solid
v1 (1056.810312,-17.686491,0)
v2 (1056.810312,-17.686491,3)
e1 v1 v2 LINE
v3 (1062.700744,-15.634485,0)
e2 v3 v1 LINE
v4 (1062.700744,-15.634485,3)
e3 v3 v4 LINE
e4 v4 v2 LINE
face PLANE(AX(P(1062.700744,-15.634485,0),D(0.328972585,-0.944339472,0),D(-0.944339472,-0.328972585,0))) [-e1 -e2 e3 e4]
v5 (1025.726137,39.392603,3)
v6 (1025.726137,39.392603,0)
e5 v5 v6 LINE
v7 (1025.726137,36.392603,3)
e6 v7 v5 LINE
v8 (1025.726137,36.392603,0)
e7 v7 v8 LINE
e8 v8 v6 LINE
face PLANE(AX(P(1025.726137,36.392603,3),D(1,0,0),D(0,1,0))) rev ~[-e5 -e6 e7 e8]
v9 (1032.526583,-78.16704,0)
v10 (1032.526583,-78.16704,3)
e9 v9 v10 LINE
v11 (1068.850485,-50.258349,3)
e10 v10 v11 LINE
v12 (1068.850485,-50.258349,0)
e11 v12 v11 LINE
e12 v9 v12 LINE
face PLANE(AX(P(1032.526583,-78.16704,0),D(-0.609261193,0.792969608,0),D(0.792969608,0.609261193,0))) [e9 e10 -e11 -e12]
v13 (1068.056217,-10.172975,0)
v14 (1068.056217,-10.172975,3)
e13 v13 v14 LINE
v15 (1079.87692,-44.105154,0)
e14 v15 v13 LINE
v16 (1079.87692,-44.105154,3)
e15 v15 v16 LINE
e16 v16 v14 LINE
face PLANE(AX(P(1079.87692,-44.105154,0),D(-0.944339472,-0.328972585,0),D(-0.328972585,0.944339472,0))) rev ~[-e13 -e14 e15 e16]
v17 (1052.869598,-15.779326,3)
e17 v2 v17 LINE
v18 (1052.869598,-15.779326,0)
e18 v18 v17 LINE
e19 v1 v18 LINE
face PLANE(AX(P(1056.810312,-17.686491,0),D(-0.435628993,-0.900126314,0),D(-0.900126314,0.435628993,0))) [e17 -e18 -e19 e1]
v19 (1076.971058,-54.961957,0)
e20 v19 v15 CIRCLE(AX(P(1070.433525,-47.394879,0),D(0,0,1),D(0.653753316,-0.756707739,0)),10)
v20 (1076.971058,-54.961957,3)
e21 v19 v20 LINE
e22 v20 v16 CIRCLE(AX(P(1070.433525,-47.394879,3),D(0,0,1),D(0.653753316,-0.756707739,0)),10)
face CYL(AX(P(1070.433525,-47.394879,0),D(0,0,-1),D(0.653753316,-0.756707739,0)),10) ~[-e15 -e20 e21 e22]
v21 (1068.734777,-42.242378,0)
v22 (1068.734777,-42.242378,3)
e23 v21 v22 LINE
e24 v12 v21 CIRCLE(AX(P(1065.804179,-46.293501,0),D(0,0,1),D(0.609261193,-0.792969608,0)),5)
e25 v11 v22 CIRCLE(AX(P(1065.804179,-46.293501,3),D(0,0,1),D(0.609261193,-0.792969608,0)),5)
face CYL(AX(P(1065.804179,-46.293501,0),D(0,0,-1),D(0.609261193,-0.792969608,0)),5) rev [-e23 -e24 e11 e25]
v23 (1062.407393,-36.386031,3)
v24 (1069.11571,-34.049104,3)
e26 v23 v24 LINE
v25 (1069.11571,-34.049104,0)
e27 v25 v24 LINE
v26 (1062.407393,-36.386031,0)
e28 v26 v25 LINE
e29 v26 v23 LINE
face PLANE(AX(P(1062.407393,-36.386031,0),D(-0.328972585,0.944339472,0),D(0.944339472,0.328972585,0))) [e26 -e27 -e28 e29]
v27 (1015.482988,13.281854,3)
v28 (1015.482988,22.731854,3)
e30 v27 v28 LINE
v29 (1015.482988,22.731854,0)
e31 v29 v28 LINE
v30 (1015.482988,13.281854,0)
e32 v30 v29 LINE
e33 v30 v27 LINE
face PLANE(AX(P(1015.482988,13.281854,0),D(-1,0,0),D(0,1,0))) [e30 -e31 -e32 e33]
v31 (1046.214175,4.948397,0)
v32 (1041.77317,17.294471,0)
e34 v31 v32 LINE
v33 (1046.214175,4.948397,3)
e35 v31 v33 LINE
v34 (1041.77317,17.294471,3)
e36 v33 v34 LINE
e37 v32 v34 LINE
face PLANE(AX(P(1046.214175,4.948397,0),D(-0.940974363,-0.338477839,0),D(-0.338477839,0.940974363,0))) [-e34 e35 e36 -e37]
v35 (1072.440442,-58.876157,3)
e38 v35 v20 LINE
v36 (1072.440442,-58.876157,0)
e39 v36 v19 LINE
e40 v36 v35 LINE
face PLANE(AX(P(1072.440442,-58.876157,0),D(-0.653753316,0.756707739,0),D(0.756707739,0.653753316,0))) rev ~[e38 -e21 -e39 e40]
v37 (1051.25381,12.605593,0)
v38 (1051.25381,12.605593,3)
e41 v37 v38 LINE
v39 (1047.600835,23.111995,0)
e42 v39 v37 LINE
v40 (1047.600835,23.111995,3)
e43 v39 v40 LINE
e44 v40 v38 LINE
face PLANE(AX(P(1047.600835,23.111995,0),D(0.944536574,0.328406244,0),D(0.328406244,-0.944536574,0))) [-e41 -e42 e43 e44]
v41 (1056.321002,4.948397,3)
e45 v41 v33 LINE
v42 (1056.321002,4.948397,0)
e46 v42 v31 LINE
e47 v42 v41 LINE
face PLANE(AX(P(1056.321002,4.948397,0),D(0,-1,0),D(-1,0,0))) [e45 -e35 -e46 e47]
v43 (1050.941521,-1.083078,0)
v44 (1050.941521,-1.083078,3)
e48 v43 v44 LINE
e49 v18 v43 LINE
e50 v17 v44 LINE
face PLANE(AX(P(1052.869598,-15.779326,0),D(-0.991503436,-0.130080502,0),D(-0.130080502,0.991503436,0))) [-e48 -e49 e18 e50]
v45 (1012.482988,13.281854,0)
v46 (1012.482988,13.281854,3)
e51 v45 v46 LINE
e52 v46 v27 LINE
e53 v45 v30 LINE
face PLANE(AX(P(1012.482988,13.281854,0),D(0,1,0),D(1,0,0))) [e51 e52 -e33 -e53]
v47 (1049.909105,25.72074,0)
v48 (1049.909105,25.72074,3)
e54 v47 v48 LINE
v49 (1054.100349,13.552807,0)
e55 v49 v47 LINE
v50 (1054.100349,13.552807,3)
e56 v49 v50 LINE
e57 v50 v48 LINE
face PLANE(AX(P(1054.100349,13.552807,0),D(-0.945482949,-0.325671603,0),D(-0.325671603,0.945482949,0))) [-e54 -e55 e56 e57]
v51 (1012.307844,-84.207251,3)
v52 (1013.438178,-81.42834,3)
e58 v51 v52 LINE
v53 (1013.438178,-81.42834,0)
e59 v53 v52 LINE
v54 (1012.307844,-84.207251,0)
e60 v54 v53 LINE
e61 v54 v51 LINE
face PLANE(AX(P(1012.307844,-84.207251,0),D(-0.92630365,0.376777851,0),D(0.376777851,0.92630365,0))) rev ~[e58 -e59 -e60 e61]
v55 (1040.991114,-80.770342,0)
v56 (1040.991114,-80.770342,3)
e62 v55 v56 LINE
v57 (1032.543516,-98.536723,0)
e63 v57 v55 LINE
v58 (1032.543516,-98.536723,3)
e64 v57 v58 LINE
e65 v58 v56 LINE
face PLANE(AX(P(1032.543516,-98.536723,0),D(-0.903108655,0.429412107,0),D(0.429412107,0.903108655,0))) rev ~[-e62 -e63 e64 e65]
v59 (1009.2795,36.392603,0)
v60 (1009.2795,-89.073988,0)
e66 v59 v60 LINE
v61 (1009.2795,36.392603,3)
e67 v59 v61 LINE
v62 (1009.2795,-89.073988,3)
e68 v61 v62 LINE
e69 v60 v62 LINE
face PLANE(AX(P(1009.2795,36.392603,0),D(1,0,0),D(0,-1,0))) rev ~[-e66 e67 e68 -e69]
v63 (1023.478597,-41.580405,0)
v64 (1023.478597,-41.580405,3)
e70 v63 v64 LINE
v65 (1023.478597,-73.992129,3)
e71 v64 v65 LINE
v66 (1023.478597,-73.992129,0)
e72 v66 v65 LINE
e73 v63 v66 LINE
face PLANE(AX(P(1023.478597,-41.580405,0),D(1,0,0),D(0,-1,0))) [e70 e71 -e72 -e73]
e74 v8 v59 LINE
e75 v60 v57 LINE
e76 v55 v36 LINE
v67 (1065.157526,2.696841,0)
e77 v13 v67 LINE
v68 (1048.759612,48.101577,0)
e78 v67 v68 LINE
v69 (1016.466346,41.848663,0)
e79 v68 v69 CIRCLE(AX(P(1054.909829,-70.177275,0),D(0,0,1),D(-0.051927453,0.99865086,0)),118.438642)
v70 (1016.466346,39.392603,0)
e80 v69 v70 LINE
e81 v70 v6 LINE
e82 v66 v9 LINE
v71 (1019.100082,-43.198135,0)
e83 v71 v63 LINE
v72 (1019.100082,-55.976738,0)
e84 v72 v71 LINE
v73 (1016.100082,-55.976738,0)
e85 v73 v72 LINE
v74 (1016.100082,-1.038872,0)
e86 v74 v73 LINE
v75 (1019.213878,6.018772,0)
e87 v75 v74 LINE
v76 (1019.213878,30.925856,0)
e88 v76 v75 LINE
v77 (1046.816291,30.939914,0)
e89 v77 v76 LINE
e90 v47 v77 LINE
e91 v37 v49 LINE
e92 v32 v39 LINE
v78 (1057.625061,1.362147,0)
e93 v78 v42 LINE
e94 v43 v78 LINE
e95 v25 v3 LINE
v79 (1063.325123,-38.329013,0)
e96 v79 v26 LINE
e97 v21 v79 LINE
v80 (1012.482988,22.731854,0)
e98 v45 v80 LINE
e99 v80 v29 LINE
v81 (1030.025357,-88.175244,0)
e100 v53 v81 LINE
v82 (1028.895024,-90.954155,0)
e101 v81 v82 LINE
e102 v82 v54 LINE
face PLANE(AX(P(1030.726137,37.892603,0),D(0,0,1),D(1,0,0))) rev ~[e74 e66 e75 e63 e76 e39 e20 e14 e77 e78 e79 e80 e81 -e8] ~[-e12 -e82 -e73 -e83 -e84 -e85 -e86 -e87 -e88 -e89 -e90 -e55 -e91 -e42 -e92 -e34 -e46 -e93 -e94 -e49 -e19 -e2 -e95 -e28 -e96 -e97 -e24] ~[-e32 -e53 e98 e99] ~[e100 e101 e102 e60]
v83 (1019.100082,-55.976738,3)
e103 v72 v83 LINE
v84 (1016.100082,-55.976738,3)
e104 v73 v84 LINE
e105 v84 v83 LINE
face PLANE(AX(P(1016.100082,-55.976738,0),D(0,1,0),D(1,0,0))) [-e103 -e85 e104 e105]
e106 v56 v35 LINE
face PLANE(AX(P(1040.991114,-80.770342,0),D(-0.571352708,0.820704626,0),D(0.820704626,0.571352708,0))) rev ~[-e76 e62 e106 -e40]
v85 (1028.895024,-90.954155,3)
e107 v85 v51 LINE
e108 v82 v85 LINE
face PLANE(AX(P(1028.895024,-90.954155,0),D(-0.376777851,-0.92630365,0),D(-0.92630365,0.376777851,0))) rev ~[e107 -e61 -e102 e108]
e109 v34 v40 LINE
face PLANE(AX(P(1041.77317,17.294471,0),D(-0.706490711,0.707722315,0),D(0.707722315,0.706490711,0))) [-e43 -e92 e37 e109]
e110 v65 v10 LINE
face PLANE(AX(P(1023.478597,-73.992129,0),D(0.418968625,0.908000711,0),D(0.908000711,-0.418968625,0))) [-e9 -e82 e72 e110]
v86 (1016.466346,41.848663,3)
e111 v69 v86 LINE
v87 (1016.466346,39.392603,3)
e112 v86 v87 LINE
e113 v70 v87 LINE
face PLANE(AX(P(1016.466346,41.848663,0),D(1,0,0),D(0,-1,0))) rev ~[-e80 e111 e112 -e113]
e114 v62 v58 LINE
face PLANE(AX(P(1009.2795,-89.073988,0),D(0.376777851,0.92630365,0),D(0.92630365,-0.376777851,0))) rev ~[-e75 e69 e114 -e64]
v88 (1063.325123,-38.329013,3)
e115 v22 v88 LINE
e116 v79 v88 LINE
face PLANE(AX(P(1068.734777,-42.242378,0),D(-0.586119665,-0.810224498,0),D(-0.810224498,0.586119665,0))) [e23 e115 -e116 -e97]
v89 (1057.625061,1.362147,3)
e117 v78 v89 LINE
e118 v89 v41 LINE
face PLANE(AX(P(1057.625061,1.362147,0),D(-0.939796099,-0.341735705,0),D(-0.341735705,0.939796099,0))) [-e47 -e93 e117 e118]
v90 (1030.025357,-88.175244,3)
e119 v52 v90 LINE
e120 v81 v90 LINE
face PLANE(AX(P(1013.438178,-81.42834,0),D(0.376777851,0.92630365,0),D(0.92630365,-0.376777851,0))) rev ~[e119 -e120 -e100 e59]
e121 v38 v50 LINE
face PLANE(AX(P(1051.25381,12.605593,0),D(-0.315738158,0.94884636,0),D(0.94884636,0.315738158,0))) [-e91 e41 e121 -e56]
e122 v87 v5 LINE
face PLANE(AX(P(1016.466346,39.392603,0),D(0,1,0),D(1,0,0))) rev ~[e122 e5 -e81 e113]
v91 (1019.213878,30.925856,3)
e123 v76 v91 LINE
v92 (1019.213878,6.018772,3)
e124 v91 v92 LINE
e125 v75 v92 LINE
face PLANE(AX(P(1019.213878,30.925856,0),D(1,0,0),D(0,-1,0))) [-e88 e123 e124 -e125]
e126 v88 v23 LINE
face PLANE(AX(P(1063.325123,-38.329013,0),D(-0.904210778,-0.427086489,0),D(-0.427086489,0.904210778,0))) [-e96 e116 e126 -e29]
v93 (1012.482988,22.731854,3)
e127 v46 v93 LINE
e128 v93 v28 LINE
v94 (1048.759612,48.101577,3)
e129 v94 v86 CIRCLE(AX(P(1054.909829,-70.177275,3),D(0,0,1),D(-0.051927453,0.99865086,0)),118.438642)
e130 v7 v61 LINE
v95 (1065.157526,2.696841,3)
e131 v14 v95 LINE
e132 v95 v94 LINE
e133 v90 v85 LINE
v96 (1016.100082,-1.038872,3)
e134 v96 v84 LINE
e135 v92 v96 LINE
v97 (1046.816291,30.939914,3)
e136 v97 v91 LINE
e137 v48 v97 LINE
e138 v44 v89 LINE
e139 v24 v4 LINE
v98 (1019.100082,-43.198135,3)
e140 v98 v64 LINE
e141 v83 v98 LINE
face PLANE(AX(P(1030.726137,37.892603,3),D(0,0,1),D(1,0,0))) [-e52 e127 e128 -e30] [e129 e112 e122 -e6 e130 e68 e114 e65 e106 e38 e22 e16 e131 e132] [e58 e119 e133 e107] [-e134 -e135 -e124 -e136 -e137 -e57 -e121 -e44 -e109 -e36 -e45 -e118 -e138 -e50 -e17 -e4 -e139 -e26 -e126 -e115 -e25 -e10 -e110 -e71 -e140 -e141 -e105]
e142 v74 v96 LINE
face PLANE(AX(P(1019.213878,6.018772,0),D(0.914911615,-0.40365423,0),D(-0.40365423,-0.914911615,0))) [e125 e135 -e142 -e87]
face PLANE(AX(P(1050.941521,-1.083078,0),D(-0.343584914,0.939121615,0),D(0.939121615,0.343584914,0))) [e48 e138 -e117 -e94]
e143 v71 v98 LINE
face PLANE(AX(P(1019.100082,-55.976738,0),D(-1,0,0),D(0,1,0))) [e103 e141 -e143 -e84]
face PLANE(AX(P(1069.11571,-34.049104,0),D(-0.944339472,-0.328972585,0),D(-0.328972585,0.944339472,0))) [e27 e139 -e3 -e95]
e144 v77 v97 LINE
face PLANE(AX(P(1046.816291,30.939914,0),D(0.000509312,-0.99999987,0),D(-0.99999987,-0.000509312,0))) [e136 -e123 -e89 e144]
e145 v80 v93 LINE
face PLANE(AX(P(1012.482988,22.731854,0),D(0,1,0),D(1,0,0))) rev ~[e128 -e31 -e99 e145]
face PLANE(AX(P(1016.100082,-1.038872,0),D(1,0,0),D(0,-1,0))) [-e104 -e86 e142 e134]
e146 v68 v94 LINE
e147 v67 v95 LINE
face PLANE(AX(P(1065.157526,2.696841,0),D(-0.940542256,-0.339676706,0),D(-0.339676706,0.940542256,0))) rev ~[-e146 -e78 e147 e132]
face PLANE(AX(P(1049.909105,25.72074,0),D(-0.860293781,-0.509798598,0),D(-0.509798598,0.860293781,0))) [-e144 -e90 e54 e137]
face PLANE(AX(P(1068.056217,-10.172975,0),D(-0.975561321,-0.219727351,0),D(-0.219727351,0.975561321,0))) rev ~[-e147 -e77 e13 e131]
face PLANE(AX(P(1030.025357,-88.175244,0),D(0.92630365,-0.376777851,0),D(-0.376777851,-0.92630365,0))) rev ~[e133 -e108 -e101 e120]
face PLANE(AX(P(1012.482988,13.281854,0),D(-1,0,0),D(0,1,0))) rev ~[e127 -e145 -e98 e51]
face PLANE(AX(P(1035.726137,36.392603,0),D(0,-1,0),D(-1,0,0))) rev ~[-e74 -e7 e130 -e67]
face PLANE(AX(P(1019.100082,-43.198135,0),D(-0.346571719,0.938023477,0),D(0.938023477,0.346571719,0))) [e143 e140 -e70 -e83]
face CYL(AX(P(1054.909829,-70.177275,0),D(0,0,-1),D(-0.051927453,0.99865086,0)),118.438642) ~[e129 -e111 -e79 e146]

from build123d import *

# Parameters (mm, degrees)
SKETCH1_W           = 3
SKETCH1_H           = 9.45
BASE_EXTRUDE_DEPTH  = 3
SKETCH2_W           = 10
SKETCH2_H           = 3
BOSS_EXTRUDE1_DEPTH = 3


with BuildPart() as part:
    # Sketch1 → Base-Extrude (new body)
    with BuildSketch(Plane.XY):
        with BuildLine():
            Line((1079.876919763, -44.105153511), (1068.056216666, -10.172974917))
            Line((1068.056216666, -10.172974917), (1065.157526034, 2.696840543))
            Line((1065.157526034, 2.696840543), (1048.759611565, 48.101577381))
            ThreePointArc((1048.759611565, 48.101577381), (1032.394850119, 46.101647559), (1016.466345621, 41.848662618))
            Line((1016.466345621, 41.848662618), (1016.466345621, 39.392602571))
            Line((1016.466345621, 39.392602571), (1035.726137056, 39.392602571))
            Line((1035.726137056, 39.392602571), (1035.726137056, 36.392602571))
            Line((1035.726137056, 36.392602571), (1009.279499751, 36.392602571))
            Line((1009.279499751, 36.392602571), (1009.279499751, -89.073987735))
            Line((1009.279499751, -89.073987735), (1032.543515661, -98.536722682))
            Line((1032.543515661, -98.536722682), (1040.991113984, -80.770341528))
            Line((1040.991113984, -80.770341528), (1072.440441541, -58.876157059))
            Line((1072.440441541, -58.876157059), (1076.9710582, -54.961956755))
            ThreePointArc((1076.9710582, -54.961956755), (1080.093496996, -49.980404823), (1079.876919763, -44.105153511))
        make_face()
        with BuildLine():
            Line((1019.213878108, 30.925856164), (1019.213878108, 6.018771541))
            Line((1019.213878108, 6.018771541), (1016.100082492, -1.038872257))
            Line((1016.100082492, -1.038872257), (1016.100082492, -55.976738358))
            Line((1016.100082492, -55.976738358), (1019.100082492, -55.976738358))
            Line((1019.100082492, -55.976738358), (1019.100082492, -43.198135443))
            Line((1019.100082492, -43.198135443), (1023.478597046, -41.580404808))
            Line((1023.478597046, -41.580404808), (1023.478597046, -73.992128786))
            Line((1023.478597046, -73.992128786), (1032.526582577, -78.167039678))
            Line((1032.526582577, -78.167039678), (1068.850484509, -50.258348586))
            ThreePointArc((1068.850484509, -50.258348586), (1070.803657728, -46.221334872), (1068.734776871, -42.242378056))
            Line((1068.734776871, -42.242378056), (1063.325122863, -38.329012558))
            Line((1063.325122863, -38.329012558), (1062.407393196, -36.386031272))
            Line((1062.407393196, -36.386031272), (1069.115709638, -34.04910449))
            Line((1069.115709638, -34.04910449), (1062.700744223, -15.634484789))
            Line((1062.700744223, -15.634484789), (1056.810312455, -17.686491112))
            Line((1056.810312455, -17.686491112), (1052.869598475, -15.779326268))
            Line((1052.869598475, -15.779326268), (1050.941521122, -1.083078235))
            Line((1050.941521122, -1.083078235), (1057.625060998, 1.362146575))
            Line((1057.625060998, 1.362146575), (1056.321001716, 4.948397029))
            Line((1056.321001716, 4.948397029), (1046.214175082, 4.948397029))
            Line((1046.214175082, 4.948397029), (1041.773169547, 17.294470752))
            Line((1041.773169547, 17.294470752), (1047.600835278, 23.111994965))
            Line((1047.600835278, 23.111994965), (1051.253809923, 12.605592538))
            Line((1051.253809923, 12.605592538), (1054.100349004, 13.552807012))
            Line((1054.100349004, 13.552807012), (1049.909104568, 25.720739733))
            Line((1049.909104568, 25.720739733), (1046.816291402, 30.939914406))
            Line((1046.816291402, 30.939914406), (1019.213878108, 30.925856164))
        make_face(mode=Mode.SUBTRACT)
        Polygon((1012.307844389, -84.207250741), (1013.438177941, -81.428339792), (1030.025357256, -88.175243766), (1028.895023704, -90.954154714), align=None, mode=Mode.SUBTRACT)
        with Locations((1013.982987836, 18.006853638)):
            Rectangle(SKETCH1_W, SKETCH1_H, mode=Mode.SUBTRACT)
    extrude(amount=BASE_EXTRUDE_DEPTH)

    # Sketch2 → Boss-Extrude1 (add)
    with BuildSketch(Plane.XY.offset(3)):
        with Locations((1030.726137056, 37.892602571)):
            Rectangle(SKETCH2_W, SKETCH2_H)
    extrude(amount=-BOSS_EXTRUDE1_DEPTH)


solid = part.part
